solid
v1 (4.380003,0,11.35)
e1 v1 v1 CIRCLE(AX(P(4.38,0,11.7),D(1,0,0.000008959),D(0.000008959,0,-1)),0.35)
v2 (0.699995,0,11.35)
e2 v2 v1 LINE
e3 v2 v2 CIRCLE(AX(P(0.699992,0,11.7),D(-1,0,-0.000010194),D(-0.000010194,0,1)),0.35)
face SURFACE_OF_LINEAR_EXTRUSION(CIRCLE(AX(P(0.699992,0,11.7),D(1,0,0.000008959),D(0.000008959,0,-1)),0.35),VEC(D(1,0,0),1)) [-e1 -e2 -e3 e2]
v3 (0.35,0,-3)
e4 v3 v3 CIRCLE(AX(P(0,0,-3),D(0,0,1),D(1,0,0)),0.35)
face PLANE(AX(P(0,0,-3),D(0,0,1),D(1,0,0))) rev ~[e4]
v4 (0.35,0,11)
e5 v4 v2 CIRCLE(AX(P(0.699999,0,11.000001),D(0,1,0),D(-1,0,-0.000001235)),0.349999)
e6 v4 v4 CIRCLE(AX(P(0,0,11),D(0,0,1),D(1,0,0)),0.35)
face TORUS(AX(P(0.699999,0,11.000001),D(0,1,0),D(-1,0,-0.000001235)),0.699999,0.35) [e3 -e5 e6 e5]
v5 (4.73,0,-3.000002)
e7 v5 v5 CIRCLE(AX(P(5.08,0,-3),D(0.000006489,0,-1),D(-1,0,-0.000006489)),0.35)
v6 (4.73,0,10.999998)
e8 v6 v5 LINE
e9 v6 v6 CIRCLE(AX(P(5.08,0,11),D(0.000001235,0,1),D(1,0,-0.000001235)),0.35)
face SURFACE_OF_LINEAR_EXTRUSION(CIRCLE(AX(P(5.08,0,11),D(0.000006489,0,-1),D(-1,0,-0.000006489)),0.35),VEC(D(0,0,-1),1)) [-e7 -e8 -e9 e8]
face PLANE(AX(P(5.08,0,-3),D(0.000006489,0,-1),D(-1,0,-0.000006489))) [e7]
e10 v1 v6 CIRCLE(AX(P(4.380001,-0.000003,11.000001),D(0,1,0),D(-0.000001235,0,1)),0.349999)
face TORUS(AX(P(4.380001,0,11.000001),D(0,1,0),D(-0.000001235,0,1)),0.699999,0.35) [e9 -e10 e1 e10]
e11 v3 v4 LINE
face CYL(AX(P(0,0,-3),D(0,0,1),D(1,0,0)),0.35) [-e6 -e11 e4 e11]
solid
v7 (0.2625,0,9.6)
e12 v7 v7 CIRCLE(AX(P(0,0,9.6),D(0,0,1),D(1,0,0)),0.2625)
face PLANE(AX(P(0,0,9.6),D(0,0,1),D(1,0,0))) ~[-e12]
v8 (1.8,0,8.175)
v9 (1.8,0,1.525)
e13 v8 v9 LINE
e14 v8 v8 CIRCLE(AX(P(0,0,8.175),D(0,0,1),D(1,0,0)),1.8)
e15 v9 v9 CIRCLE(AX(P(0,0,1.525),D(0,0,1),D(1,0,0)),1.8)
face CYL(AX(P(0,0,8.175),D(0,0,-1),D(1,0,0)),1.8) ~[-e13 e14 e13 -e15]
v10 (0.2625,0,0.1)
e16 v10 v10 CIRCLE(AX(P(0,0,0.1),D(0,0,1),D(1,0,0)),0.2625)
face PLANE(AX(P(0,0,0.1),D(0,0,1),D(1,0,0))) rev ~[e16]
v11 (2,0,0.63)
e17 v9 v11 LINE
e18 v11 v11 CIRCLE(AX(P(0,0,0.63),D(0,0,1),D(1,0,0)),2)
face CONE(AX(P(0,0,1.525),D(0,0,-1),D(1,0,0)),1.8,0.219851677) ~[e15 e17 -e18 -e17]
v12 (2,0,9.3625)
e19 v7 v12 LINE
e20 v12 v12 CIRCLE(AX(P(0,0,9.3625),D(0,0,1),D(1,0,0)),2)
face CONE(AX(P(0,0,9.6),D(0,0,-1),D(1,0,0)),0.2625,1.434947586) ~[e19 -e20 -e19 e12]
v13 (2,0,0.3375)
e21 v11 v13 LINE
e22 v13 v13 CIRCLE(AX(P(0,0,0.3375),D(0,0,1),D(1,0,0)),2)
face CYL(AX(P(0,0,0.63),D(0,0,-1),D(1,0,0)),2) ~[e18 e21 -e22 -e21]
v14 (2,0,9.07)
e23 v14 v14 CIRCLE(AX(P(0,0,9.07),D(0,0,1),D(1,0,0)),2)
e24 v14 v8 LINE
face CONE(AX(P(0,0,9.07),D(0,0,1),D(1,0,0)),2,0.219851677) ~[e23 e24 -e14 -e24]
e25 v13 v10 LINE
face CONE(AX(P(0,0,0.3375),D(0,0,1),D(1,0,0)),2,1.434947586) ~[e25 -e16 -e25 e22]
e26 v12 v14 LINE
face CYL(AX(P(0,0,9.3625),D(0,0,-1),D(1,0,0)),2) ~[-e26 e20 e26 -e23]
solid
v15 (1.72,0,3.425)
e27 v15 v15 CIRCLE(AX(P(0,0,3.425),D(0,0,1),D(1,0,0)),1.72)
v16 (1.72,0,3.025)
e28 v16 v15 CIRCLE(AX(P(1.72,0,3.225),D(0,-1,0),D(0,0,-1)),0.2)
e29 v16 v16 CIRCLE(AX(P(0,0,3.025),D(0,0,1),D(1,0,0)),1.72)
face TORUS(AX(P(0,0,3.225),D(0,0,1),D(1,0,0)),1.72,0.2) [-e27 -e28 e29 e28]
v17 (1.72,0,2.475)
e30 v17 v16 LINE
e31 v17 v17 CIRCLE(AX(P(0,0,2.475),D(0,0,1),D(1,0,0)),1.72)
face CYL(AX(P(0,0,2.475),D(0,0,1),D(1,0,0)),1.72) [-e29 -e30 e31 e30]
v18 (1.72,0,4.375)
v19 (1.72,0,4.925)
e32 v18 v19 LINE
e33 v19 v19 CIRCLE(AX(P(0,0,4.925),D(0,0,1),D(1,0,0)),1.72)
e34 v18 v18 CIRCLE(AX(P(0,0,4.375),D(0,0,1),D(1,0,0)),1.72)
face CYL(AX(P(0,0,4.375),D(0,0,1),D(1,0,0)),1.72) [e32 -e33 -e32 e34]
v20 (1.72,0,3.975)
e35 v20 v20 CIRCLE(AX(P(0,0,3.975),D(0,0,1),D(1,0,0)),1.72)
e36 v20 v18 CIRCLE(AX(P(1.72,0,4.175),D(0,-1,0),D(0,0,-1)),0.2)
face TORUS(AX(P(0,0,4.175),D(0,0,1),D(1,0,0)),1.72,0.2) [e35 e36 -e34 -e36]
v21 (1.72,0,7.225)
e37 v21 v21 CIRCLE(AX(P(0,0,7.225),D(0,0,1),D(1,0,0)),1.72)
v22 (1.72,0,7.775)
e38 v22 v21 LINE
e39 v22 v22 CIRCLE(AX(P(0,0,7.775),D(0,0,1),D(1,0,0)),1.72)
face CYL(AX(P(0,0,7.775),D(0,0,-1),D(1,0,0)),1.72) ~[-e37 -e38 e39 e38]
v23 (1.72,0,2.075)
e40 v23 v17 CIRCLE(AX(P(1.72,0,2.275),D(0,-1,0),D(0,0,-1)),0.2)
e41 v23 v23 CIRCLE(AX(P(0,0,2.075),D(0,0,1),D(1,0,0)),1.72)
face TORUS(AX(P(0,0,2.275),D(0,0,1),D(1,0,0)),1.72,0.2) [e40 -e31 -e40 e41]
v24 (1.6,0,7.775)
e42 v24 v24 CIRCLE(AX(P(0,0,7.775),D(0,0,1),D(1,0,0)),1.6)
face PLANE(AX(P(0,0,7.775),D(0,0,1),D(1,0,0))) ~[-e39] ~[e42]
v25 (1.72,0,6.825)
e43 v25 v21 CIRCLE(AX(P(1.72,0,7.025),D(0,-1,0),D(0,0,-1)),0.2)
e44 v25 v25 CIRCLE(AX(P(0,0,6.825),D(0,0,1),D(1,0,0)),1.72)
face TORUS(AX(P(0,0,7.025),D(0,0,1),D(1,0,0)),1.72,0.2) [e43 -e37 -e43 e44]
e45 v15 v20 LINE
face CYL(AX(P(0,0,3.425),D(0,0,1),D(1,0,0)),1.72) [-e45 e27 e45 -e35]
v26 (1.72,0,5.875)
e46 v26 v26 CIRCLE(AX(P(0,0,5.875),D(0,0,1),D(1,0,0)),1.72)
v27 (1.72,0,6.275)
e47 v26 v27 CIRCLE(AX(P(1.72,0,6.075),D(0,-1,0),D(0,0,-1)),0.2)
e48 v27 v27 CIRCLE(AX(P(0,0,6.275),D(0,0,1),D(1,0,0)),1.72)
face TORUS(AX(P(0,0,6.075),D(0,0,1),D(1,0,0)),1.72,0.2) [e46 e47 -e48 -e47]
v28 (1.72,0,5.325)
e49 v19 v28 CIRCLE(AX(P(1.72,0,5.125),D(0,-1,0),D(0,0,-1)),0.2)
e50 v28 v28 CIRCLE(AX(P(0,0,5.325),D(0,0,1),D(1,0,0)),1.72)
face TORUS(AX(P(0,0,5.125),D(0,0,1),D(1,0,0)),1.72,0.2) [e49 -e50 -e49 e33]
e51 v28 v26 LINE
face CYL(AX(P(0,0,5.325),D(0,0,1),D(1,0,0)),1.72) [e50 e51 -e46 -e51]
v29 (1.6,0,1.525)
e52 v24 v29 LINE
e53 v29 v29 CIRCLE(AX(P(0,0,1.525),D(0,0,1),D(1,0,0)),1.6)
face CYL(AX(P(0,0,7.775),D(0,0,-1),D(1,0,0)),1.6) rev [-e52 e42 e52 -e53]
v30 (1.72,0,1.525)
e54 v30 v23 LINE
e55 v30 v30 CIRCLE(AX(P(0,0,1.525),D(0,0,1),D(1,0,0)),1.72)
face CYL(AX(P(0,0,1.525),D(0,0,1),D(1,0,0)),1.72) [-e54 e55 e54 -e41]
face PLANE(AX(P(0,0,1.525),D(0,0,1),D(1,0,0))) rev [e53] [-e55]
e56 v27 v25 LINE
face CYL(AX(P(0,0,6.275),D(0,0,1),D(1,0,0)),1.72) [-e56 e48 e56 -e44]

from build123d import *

# Parameters (mm, degrees)
SKETCH_R = 0.35


with BuildPart() as sweep_body:
    # Sweep: sweep along a path in Sketch001
    with BuildLine(Plane.XZ) as sweep_path:
        Line((0, -3), (0, 11))
        ThreePointArc((0, 11), (0.205022, 11.494972), (0.699992, 11.7))
        Line((0.699992, 11.7), (4.38, 11.7))
        ThreePointArc((4.38, 11.7), (4.874975, 11.494975), (5.08, 11))
        Line((5.08, 11), (5.08, -3))
    # Sketch → Sweep (sweep)
    with BuildSketch(Plane.XY.offset(-2)):
        Circle(SKETCH_R)
    sweep(path=sweep_path.line)


with BuildPart() as revolution:
    # Sketch002 → Revolution (revolve)
    with BuildSketch(Plane.XZ):
        Polygon((0, 0.1), (0, 9.6), (0.2625, 9.6), (2, 9.3625), (2, 9.07), (1.8, 8.175), (1.8, 1.525), (2, 0.63), (2, 0.3375), (0.2625, 0.1), align=None)
    revolve(axis=Axis((0, 0, 0), (0, 0, 1)))


with BuildPart() as revolution001:
    # Sketch003 → Revolution001 (revolve)
    with BuildSketch(Plane.XZ):
        with BuildLine():
            Line((1.6, 7.775), (1.6, 1.525))
            Line((1.6, 1.525), (1.72, 1.525))
            Line((1.72, 1.525), (1.72, 2.075))
            ThreePointArc((1.72, 2.075), (1.92, 2.275), (1.72, 2.475))
            Line((1.72, 2.475), (1.72, 3.025))
            ThreePointArc((1.72, 3.025), (1.92, 3.225), (1.72, 3.425))
            Line((1.72, 3.425), (1.72, 3.975))
            ThreePointArc((1.72, 3.975), (1.92, 4.175), (1.72, 4.375))
            Line((1.72, 4.375), (1.72, 4.925))
            ThreePointArc((1.72, 4.925), (1.92, 5.125), (1.72, 5.325))
            Line((1.72, 5.325), (1.72, 5.875))
            ThreePointArc((1.72, 5.875), (1.92, 6.075), (1.72, 6.275))
            Line((1.72, 6.275), (1.72, 6.825))
            ThreePointArc((1.72, 6.825), (1.92, 7.025), (1.72, 7.225))
            Line((1.72, 7.775), (1.72, 7.225))
            Line((1.6, 7.775), (1.72, 7.775))
        make_face()
    revolve(axis=Axis((0, 0, 0), (0, 0, 1)))


solid = Compound([sweep_body.part, revolution.part, revolution001.part])
